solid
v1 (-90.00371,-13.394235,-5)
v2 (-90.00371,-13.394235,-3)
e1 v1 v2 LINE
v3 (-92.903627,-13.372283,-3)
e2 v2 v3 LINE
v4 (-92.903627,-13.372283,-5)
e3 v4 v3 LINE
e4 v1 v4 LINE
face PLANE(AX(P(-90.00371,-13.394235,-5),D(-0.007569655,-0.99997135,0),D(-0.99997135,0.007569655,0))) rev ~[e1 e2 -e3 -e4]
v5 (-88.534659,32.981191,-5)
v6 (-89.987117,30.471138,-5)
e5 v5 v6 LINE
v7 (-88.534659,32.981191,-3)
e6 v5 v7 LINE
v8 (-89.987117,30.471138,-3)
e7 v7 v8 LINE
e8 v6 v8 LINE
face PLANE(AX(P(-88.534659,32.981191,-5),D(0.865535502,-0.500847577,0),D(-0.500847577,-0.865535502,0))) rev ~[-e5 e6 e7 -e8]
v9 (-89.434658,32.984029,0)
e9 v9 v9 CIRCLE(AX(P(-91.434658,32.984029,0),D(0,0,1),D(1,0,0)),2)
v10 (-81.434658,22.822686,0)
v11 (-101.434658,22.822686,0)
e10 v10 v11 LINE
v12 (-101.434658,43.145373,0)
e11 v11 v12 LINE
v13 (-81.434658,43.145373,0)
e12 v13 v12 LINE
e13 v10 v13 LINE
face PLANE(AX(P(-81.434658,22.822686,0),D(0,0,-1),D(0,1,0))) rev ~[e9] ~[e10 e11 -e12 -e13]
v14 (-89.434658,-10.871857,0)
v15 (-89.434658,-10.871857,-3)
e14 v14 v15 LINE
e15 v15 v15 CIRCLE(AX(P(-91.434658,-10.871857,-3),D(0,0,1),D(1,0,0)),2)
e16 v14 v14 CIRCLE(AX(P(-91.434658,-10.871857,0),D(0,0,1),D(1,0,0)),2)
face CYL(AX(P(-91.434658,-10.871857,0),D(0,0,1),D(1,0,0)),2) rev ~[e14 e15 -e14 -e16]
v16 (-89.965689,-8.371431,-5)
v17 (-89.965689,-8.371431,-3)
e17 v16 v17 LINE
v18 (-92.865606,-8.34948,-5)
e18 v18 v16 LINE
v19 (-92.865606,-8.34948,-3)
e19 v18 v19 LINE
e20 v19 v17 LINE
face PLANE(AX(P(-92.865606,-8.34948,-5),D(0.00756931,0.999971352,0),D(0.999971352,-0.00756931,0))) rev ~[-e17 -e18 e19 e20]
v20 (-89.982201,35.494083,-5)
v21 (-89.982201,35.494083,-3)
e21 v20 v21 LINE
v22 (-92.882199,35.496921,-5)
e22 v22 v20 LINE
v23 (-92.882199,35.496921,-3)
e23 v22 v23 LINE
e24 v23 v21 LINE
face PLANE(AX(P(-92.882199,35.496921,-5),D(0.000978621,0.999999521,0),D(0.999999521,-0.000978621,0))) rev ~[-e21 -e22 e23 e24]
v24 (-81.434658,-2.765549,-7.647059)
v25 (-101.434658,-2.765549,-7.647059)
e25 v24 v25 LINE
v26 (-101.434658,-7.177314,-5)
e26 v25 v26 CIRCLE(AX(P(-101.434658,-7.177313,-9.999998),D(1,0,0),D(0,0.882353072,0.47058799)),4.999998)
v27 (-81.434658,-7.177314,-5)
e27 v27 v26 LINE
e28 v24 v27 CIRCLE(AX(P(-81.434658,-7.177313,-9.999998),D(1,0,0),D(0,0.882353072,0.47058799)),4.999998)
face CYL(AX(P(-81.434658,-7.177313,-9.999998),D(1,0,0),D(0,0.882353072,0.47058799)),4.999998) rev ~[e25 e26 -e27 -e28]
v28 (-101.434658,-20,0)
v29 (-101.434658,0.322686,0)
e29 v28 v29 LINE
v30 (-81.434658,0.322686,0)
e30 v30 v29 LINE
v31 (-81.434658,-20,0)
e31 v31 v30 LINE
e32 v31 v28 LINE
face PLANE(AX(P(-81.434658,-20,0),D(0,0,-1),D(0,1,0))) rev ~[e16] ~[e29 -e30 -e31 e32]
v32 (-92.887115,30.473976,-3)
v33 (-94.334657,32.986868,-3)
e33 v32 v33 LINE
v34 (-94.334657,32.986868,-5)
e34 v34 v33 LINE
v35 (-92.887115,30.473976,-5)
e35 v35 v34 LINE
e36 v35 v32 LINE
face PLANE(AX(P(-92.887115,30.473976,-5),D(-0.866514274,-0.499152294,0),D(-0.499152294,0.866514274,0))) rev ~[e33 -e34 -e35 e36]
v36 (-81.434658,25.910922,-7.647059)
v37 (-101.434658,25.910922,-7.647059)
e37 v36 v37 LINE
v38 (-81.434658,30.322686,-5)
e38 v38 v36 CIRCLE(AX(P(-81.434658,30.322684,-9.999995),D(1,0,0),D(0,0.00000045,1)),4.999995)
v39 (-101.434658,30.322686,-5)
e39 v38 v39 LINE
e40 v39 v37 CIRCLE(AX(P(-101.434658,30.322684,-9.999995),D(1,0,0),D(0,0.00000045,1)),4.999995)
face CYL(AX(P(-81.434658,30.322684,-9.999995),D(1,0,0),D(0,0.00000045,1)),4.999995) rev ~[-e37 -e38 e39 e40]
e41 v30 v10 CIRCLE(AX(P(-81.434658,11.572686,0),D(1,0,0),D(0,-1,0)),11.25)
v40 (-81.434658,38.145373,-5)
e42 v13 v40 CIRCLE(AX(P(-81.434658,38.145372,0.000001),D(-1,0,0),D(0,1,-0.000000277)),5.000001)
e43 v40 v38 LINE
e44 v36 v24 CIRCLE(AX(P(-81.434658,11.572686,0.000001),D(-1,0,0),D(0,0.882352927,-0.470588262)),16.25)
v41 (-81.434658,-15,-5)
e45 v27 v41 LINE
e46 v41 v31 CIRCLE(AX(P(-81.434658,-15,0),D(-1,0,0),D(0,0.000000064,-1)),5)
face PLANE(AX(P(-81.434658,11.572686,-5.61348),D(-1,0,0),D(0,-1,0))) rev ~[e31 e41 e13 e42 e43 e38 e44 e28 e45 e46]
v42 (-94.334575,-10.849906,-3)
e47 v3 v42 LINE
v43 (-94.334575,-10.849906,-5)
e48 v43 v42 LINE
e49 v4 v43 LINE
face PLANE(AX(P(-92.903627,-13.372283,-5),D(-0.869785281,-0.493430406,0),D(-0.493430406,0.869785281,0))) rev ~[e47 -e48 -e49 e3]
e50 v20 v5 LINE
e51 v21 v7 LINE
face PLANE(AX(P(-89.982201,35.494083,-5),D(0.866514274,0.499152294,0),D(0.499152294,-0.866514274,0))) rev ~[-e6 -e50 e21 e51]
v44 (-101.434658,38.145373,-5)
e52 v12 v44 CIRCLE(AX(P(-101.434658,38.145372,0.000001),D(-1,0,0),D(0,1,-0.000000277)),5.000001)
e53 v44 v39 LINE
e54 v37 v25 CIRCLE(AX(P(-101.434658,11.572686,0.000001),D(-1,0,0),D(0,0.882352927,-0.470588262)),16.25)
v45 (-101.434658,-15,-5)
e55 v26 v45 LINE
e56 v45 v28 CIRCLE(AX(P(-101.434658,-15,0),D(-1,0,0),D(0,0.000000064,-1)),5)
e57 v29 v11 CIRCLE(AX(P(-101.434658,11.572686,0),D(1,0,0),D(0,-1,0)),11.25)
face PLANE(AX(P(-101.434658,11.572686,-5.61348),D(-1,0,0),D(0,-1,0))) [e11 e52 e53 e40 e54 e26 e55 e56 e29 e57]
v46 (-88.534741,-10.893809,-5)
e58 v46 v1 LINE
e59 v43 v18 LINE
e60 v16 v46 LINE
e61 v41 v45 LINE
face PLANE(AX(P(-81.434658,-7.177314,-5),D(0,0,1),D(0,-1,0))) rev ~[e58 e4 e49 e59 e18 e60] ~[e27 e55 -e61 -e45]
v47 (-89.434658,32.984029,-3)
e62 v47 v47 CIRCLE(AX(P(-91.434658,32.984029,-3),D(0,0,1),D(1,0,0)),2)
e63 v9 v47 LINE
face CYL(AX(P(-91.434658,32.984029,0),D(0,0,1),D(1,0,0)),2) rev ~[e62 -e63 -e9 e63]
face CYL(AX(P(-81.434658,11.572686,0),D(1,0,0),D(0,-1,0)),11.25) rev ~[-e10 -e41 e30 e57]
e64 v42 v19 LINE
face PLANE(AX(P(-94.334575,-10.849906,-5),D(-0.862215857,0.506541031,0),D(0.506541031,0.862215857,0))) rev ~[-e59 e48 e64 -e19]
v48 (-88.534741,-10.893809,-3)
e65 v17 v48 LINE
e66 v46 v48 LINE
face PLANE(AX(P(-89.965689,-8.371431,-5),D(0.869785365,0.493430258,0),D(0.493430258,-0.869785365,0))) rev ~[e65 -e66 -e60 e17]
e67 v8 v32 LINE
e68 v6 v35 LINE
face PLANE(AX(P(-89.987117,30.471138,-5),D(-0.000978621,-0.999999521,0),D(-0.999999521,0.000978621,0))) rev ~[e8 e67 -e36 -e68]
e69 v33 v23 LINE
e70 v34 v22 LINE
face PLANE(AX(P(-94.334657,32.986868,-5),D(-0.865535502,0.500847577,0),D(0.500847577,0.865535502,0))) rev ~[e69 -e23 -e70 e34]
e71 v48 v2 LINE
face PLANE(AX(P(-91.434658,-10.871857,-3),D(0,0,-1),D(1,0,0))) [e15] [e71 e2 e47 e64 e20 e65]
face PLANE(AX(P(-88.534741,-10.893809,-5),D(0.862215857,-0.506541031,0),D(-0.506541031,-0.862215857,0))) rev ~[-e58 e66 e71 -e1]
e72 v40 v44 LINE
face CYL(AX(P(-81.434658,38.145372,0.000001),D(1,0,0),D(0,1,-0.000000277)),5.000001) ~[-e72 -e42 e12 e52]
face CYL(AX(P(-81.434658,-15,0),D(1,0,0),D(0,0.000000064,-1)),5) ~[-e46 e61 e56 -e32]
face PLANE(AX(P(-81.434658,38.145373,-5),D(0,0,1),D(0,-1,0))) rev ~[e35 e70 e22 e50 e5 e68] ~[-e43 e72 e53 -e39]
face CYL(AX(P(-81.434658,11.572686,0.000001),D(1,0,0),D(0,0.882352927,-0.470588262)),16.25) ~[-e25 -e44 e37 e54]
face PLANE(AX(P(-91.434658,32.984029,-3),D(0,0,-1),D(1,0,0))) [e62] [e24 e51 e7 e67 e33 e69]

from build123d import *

# Parameters (mm, degrees)
F0_R      = 2
F1_DEPTH  = 25
F3_DEPTH  = 276
F4_R      = 2
F5_DEPTH  = 84.8
F6_R      = 2.5
F7_DEPTH  = 5
F9_DEPTH  = 20
F10_R     = 2
F11_DEPTH = 25
F14_DEPTH = 2


with BuildPart() as f1:
    # F0 (on Top) → F1 (new body)
    with BuildSketch(Plane.XY):
        with BuildLine():
            Line((-51.434658, 66.572686), (-81.434658, 66.572686))
            Line((-81.434658, 66.572686), (-81.434658, -43.427314))
            Line((-81.434658, -43.427314), (-6.434658, -43.427314))
            ThreePointArc((-6.434658, -43.427314), (8.565342, -58.427314), (23.565342, -43.427314))
            Line((23.565342, -43.427314), (98.565342, -43.427314))
            Line((98.565342, -43.427314), (98.565342, 66.572686))
            Line((98.565342, 66.572686), (68.565342, 66.572686))
            ThreePointArc((68.565342, 66.572686), (53.565342, 81.572686), (38.565342, 66.572686))
            Line((38.565342, 66.572686), (-21.434658, 66.572686))
            ThreePointArc((-21.434658, 66.572686), (-36.434658, 81.572686), (-51.434658, 66.572686))
        make_face()
        with Locations((8.565342, -50.927314)):
            Circle(F0_R, mode=Mode.SUBTRACT)
        with Locations((-36.434658, 74.072686)):
            Circle(F0_R, mode=Mode.SUBTRACT)
        with Locations((53.565342, 74.072686)):
            Circle(F0_R, mode=Mode.SUBTRACT)
    extrude(amount=F1_DEPTH)

    # F2 (on face) → F3 (cut)
    with BuildSketch(Plane.YZ.offset(98.565342)):
        with BuildLine():
            Line((43.145373, 0), (22.822686, 0))
            ThreePointArc((22.822686, 0), (11.572686, 11.25), (0.322686, 0))
            Line((0.322686, 0), (-20, 0))
            ThreePointArc((-20, 0), (-41.231841, 11.150842), (-64.902842, 15))
            Line((-64.902842, 15), (-64.902842, -16.413443))
            Line((-64.902842, -16.413443), (88.048215, -16.413443))
            Line((88.048215, -16.413443), (88.048215, 15))
            ThreePointArc((88.048215, 15), (64.377213, 11.150842), (43.145373, 0))
        make_face()
    extrude(amount=-F3_DEPTH, mode=Mode.SUBTRACT)

    # F4 (on face) → F5 (cut)
    with BuildSketch(Plane.XY.offset(25)):
        with Locations((-56.434658, 32.872686)):
            Circle(F4_R)
        with Locations((73.565342, 32.872686)):
            Circle(F4_R)
        with Locations((-56.434658, -9.727314)):
            Circle(F4_R)
        with Locations((73.565342, -9.727314)):
            Circle(F4_R)
    extrude(amount=-F5_DEPTH, mode=Mode.SUBTRACT)

    # F6 (on face) → F7 (cut)
    with BuildSketch(Plane.XY.offset(25)):
        with Locations((-56.434658, 32.872686)):
            Circle(F6_R)
        with Locations((73.565342, 32.872686)):
            Circle(F6_R)
        with Locations((73.565342, -9.727314)):
            Circle(F6_R)
        with Locations((-56.434658, -9.727314)):
            Circle(F6_R)
    extrude(amount=-F7_DEPTH, mode=Mode.SUBTRACT)


with BuildPart() as f9:
    # F8 (on face) → F9 (new body)
    with BuildSketch(Plane(origin=(-81.434658, 0, 0), x_dir=(0, -1, 0), z_dir=(-1, 0, 0))):
        with BuildLine():
            ThreePointArc((-0.322686, 0), (-11.572686, -11.25), (-22.822686, 0))
            Line((-22.822686, 0), (-43.145373, 0))
            ThreePointArc((-43.145373, 0), (-41.680906, -3.535534), (-38.145373, -5))
            Line((-38.145373, -5), (-30.322686, -5))
            ThreePointArc((-30.322686, -5), (-27.750207, -5.712535), (-25.910922, -7.647059))
            ThreePointArc((-25.910922, -7.647059), (-11.572686, -16.25), (2.765549, -7.647059))
            ThreePointArc((2.765549, -7.647059), (4.604835, -5.712535), (7.177314, -5))
            Line((7.177314, -5), (15, -5))
            ThreePointArc((15, -5), (18.535534, -3.535534), (20, 0))
            Line((20, 0), (-0.322686, 0))
        make_face()
    extrude(amount=F9_DEPTH)

    # F10 (on face) → F11 (cut)
    with BuildSketch(Plane.XY):
        with Locations((-91.434658, 32.984029)):
            Circle(F10_R)
        with Locations((-91.434658, -10.871857)):
            Circle(F10_R)
    extrude(amount=-F11_DEPTH, mode=Mode.SUBTRACT)

    # F13 (on face) + F12 (on face) → F14 (cut)
    with BuildSketch(Plane(origin=(0, 0, -5), x_dir=(1, 0, 0), z_dir=(0, 0, -1))):
        Polygon((-89.965689, 8.371431), (-88.534741, 10.893809), (-90.00371, 13.394235), (-92.903627, 13.372283), (-94.334575, 10.849906), (-92.865606, 8.34948), align=None)
    with BuildSketch(Plane(origin=(0, 0, -5), x_dir=(1, 0, 0), z_dir=(0, 0, -1))):
        Polygon((-89.982201, -35.494083), (-88.534659, -32.981191), (-89.987117, -30.471138), (-92.887115, -30.473976), (-94.334657, -32.986868), (-92.882199, -35.496921), align=None)
    extrude(amount=-F14_DEPTH, mode=Mode.SUBTRACT)


solid = f9.part
